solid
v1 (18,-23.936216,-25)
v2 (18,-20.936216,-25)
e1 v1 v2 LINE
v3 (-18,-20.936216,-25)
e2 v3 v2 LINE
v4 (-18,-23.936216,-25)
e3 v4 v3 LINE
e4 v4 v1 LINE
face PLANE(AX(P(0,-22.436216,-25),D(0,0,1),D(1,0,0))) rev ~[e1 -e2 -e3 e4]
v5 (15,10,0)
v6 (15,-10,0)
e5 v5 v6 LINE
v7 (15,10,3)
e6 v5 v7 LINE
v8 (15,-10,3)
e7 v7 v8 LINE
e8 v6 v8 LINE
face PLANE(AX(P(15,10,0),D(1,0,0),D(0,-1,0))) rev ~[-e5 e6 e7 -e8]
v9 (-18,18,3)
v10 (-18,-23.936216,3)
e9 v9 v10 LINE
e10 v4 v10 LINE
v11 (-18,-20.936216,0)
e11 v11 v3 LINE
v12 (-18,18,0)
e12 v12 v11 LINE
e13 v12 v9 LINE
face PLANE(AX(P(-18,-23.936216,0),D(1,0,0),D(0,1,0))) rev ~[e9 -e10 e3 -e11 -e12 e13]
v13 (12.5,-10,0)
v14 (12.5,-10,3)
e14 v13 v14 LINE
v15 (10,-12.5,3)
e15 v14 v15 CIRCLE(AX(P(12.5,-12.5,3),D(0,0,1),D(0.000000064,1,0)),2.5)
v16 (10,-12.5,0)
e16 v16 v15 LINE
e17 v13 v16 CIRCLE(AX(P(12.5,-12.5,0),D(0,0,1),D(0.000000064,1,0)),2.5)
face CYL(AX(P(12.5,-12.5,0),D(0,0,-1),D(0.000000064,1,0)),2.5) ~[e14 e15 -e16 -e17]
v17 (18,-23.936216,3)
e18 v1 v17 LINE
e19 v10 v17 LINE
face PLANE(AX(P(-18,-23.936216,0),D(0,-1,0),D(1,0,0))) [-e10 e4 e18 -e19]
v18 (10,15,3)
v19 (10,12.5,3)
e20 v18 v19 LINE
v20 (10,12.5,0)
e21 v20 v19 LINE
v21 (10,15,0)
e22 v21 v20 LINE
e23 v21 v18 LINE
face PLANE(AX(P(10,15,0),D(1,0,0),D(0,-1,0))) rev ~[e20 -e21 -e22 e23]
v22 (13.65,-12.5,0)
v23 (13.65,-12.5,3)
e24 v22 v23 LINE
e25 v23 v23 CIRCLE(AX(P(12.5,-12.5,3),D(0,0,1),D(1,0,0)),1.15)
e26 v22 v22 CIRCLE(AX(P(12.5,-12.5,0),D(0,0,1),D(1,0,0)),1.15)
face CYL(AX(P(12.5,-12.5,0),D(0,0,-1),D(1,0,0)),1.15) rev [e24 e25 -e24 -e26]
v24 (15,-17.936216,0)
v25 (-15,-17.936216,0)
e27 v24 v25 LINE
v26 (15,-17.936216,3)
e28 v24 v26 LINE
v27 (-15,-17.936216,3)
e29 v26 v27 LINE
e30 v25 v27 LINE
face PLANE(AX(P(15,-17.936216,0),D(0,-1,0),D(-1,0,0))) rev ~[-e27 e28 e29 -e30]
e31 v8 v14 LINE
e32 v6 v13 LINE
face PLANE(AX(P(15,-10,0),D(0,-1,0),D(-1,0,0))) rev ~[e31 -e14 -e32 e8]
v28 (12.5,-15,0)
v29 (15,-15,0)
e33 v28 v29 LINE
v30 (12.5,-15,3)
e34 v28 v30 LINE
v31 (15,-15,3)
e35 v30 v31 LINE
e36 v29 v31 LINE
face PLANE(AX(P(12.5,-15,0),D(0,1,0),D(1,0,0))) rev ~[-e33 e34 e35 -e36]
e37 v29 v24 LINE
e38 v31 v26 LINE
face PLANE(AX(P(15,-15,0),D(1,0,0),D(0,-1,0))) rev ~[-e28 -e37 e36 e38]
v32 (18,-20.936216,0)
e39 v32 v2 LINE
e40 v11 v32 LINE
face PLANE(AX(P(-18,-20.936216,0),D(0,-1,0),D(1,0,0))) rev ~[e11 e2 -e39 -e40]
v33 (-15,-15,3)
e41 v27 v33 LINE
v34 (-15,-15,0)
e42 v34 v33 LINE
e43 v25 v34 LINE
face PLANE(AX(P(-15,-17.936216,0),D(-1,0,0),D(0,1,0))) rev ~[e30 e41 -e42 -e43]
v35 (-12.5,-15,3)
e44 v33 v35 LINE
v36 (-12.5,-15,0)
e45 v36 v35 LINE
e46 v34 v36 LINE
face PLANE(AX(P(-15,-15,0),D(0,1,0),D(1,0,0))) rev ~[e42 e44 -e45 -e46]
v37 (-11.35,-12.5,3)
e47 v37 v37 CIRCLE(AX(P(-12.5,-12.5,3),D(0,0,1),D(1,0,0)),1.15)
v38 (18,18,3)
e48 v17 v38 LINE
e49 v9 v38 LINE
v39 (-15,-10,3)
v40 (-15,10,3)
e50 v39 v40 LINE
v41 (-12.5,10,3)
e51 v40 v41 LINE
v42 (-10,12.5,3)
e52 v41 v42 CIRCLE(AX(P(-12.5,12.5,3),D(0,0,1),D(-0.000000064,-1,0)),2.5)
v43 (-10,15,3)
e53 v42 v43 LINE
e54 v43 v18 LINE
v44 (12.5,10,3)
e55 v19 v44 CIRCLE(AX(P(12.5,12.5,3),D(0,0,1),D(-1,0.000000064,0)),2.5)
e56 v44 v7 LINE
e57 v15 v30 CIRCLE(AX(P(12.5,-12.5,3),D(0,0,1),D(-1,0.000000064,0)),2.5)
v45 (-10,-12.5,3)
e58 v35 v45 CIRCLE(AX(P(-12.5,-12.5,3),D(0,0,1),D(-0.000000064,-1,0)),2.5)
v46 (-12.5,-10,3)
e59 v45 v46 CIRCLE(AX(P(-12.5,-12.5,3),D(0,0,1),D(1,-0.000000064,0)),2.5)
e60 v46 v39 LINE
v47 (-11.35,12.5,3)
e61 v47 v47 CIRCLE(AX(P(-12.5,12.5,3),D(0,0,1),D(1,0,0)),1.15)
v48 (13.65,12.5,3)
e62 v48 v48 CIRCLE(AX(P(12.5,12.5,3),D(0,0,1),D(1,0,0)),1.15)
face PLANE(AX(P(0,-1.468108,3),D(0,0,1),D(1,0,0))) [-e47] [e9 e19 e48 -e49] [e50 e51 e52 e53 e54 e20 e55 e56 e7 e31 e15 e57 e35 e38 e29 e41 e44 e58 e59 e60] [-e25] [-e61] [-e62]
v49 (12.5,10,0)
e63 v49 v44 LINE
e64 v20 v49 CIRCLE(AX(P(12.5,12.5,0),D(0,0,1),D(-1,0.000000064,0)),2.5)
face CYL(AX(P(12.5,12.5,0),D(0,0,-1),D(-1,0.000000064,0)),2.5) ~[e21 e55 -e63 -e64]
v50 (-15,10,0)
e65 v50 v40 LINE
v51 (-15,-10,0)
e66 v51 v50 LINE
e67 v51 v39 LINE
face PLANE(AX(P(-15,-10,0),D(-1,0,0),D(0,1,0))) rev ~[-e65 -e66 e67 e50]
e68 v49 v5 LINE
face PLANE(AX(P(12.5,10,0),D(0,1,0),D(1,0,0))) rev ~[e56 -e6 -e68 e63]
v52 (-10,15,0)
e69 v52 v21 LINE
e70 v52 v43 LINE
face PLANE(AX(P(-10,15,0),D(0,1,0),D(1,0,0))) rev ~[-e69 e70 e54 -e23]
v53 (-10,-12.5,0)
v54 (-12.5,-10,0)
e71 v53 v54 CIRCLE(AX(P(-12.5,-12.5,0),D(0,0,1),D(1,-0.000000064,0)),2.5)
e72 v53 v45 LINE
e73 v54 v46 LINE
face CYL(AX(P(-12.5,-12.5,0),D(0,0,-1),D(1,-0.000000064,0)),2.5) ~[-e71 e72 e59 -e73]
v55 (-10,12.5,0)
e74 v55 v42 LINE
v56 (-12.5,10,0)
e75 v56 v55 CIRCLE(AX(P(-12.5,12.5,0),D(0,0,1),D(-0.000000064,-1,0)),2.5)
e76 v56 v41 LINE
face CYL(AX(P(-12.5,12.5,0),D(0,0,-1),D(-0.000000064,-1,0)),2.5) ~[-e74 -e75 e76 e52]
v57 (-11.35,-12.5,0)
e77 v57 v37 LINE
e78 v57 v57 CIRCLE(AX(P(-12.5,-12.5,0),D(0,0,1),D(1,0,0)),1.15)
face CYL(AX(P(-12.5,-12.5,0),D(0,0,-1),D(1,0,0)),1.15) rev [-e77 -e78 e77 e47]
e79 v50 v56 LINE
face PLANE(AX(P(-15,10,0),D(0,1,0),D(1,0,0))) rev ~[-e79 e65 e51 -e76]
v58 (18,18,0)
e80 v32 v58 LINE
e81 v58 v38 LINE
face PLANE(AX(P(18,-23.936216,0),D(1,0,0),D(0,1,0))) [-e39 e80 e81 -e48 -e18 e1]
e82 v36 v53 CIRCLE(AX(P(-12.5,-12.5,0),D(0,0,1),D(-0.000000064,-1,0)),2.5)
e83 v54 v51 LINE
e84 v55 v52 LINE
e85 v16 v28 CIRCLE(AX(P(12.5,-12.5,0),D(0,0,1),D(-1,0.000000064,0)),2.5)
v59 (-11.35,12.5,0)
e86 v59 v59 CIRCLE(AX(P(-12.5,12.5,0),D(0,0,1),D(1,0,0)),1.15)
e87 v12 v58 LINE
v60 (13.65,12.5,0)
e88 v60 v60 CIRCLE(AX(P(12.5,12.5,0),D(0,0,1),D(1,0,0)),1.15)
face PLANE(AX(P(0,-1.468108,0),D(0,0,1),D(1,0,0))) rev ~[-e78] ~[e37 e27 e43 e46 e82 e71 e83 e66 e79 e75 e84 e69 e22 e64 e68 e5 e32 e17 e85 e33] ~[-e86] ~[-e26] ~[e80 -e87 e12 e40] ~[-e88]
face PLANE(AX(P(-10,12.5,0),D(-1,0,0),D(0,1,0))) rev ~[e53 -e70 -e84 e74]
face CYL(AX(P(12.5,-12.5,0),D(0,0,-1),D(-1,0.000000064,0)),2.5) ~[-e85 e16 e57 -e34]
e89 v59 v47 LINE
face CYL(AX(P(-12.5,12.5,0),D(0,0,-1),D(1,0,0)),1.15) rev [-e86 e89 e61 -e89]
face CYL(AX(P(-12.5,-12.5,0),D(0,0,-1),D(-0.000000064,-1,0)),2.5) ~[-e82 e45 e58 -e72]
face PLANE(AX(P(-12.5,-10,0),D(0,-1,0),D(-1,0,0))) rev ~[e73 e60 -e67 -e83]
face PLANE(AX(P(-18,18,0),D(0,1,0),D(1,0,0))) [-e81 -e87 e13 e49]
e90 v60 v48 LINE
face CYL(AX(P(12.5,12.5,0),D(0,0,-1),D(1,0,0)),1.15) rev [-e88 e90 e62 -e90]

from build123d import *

# Parameters (mm, degrees)
F0_W     = 36
F0_H     = 38.936216
F0_R     = 1.15
F0_H_2   = 3
F1_DEPTH = 3
F2_DEPTH = 25


with BuildPart() as f1:
    # F0 (on Top) → F1 (new body)
    with BuildSketch(Plane.XY):
        with Locations((0, -1.468108)):
            Rectangle(F0_W, F0_H)
        with Locations((-12.5, -12.5)):
            Circle(F0_R, mode=Mode.SUBTRACT)
        with Locations((12.5, -12.5)):
            Circle(F0_R, mode=Mode.SUBTRACT)
        with Locations((-12.5, 12.5)):
            Circle(F0_R, mode=Mode.SUBTRACT)
        with BuildLine():
            Line((-15, 10), (-12.5, 10))
            ThreePointArc((-12.5, 10), (-10.732233, 10.732233), (-10, 12.5))
            Line((-10, 12.5), (-10, 15))
            Line((-10, 15), (10, 15))
            Line((10, 15), (10, 12.5))
            ThreePointArc((10, 12.5), (10.732233, 10.732233), (12.5, 10))
            Line((12.5, 10), (15, 10))
            Line((15, 10), (15, -10))
            Line((15, -10), (12.5, -10))
            ThreePointArc((12.5, -10), (10.732233, -10.732233), (10, -12.5))
            ThreePointArc((10, -12.5), (10.732233, -14.267767), (12.5, -15))
            Line((12.5, -15), (15, -15))
            Line((15, -15), (15, -17.936216))
            Line((15, -17.936216), (-15, -17.936216))
            Line((-15, -17.936216), (-15, -15))
            Line((-15, -15), (-12.5, -15))
            ThreePointArc((-12.5, -15), (-10.732233, -14.267767), (-10, -12.5))
            ThreePointArc((-10, -12.5), (-10.732233, -10.732233), (-12.5, -10))
            Line((-12.5, -10), (-15, -10))
            Line((-15, -10), (-15, 10))
        make_face(mode=Mode.SUBTRACT)
        with Locations((12.5, 12.5)):
            Circle(F0_R, mode=Mode.SUBTRACT)
        with Locations((0, -22.436216)):
            Rectangle(F0_W, F0_H_2)
    extrude(amount=F1_DEPTH)

    # F0 (on Top) → F2 (join)
    with BuildSketch(Plane.XY):
        with Locations((0, -22.436216)):
            Rectangle(F0_W, F0_H_2)
    extrude(amount=-F2_DEPTH)


solid = f1.part
